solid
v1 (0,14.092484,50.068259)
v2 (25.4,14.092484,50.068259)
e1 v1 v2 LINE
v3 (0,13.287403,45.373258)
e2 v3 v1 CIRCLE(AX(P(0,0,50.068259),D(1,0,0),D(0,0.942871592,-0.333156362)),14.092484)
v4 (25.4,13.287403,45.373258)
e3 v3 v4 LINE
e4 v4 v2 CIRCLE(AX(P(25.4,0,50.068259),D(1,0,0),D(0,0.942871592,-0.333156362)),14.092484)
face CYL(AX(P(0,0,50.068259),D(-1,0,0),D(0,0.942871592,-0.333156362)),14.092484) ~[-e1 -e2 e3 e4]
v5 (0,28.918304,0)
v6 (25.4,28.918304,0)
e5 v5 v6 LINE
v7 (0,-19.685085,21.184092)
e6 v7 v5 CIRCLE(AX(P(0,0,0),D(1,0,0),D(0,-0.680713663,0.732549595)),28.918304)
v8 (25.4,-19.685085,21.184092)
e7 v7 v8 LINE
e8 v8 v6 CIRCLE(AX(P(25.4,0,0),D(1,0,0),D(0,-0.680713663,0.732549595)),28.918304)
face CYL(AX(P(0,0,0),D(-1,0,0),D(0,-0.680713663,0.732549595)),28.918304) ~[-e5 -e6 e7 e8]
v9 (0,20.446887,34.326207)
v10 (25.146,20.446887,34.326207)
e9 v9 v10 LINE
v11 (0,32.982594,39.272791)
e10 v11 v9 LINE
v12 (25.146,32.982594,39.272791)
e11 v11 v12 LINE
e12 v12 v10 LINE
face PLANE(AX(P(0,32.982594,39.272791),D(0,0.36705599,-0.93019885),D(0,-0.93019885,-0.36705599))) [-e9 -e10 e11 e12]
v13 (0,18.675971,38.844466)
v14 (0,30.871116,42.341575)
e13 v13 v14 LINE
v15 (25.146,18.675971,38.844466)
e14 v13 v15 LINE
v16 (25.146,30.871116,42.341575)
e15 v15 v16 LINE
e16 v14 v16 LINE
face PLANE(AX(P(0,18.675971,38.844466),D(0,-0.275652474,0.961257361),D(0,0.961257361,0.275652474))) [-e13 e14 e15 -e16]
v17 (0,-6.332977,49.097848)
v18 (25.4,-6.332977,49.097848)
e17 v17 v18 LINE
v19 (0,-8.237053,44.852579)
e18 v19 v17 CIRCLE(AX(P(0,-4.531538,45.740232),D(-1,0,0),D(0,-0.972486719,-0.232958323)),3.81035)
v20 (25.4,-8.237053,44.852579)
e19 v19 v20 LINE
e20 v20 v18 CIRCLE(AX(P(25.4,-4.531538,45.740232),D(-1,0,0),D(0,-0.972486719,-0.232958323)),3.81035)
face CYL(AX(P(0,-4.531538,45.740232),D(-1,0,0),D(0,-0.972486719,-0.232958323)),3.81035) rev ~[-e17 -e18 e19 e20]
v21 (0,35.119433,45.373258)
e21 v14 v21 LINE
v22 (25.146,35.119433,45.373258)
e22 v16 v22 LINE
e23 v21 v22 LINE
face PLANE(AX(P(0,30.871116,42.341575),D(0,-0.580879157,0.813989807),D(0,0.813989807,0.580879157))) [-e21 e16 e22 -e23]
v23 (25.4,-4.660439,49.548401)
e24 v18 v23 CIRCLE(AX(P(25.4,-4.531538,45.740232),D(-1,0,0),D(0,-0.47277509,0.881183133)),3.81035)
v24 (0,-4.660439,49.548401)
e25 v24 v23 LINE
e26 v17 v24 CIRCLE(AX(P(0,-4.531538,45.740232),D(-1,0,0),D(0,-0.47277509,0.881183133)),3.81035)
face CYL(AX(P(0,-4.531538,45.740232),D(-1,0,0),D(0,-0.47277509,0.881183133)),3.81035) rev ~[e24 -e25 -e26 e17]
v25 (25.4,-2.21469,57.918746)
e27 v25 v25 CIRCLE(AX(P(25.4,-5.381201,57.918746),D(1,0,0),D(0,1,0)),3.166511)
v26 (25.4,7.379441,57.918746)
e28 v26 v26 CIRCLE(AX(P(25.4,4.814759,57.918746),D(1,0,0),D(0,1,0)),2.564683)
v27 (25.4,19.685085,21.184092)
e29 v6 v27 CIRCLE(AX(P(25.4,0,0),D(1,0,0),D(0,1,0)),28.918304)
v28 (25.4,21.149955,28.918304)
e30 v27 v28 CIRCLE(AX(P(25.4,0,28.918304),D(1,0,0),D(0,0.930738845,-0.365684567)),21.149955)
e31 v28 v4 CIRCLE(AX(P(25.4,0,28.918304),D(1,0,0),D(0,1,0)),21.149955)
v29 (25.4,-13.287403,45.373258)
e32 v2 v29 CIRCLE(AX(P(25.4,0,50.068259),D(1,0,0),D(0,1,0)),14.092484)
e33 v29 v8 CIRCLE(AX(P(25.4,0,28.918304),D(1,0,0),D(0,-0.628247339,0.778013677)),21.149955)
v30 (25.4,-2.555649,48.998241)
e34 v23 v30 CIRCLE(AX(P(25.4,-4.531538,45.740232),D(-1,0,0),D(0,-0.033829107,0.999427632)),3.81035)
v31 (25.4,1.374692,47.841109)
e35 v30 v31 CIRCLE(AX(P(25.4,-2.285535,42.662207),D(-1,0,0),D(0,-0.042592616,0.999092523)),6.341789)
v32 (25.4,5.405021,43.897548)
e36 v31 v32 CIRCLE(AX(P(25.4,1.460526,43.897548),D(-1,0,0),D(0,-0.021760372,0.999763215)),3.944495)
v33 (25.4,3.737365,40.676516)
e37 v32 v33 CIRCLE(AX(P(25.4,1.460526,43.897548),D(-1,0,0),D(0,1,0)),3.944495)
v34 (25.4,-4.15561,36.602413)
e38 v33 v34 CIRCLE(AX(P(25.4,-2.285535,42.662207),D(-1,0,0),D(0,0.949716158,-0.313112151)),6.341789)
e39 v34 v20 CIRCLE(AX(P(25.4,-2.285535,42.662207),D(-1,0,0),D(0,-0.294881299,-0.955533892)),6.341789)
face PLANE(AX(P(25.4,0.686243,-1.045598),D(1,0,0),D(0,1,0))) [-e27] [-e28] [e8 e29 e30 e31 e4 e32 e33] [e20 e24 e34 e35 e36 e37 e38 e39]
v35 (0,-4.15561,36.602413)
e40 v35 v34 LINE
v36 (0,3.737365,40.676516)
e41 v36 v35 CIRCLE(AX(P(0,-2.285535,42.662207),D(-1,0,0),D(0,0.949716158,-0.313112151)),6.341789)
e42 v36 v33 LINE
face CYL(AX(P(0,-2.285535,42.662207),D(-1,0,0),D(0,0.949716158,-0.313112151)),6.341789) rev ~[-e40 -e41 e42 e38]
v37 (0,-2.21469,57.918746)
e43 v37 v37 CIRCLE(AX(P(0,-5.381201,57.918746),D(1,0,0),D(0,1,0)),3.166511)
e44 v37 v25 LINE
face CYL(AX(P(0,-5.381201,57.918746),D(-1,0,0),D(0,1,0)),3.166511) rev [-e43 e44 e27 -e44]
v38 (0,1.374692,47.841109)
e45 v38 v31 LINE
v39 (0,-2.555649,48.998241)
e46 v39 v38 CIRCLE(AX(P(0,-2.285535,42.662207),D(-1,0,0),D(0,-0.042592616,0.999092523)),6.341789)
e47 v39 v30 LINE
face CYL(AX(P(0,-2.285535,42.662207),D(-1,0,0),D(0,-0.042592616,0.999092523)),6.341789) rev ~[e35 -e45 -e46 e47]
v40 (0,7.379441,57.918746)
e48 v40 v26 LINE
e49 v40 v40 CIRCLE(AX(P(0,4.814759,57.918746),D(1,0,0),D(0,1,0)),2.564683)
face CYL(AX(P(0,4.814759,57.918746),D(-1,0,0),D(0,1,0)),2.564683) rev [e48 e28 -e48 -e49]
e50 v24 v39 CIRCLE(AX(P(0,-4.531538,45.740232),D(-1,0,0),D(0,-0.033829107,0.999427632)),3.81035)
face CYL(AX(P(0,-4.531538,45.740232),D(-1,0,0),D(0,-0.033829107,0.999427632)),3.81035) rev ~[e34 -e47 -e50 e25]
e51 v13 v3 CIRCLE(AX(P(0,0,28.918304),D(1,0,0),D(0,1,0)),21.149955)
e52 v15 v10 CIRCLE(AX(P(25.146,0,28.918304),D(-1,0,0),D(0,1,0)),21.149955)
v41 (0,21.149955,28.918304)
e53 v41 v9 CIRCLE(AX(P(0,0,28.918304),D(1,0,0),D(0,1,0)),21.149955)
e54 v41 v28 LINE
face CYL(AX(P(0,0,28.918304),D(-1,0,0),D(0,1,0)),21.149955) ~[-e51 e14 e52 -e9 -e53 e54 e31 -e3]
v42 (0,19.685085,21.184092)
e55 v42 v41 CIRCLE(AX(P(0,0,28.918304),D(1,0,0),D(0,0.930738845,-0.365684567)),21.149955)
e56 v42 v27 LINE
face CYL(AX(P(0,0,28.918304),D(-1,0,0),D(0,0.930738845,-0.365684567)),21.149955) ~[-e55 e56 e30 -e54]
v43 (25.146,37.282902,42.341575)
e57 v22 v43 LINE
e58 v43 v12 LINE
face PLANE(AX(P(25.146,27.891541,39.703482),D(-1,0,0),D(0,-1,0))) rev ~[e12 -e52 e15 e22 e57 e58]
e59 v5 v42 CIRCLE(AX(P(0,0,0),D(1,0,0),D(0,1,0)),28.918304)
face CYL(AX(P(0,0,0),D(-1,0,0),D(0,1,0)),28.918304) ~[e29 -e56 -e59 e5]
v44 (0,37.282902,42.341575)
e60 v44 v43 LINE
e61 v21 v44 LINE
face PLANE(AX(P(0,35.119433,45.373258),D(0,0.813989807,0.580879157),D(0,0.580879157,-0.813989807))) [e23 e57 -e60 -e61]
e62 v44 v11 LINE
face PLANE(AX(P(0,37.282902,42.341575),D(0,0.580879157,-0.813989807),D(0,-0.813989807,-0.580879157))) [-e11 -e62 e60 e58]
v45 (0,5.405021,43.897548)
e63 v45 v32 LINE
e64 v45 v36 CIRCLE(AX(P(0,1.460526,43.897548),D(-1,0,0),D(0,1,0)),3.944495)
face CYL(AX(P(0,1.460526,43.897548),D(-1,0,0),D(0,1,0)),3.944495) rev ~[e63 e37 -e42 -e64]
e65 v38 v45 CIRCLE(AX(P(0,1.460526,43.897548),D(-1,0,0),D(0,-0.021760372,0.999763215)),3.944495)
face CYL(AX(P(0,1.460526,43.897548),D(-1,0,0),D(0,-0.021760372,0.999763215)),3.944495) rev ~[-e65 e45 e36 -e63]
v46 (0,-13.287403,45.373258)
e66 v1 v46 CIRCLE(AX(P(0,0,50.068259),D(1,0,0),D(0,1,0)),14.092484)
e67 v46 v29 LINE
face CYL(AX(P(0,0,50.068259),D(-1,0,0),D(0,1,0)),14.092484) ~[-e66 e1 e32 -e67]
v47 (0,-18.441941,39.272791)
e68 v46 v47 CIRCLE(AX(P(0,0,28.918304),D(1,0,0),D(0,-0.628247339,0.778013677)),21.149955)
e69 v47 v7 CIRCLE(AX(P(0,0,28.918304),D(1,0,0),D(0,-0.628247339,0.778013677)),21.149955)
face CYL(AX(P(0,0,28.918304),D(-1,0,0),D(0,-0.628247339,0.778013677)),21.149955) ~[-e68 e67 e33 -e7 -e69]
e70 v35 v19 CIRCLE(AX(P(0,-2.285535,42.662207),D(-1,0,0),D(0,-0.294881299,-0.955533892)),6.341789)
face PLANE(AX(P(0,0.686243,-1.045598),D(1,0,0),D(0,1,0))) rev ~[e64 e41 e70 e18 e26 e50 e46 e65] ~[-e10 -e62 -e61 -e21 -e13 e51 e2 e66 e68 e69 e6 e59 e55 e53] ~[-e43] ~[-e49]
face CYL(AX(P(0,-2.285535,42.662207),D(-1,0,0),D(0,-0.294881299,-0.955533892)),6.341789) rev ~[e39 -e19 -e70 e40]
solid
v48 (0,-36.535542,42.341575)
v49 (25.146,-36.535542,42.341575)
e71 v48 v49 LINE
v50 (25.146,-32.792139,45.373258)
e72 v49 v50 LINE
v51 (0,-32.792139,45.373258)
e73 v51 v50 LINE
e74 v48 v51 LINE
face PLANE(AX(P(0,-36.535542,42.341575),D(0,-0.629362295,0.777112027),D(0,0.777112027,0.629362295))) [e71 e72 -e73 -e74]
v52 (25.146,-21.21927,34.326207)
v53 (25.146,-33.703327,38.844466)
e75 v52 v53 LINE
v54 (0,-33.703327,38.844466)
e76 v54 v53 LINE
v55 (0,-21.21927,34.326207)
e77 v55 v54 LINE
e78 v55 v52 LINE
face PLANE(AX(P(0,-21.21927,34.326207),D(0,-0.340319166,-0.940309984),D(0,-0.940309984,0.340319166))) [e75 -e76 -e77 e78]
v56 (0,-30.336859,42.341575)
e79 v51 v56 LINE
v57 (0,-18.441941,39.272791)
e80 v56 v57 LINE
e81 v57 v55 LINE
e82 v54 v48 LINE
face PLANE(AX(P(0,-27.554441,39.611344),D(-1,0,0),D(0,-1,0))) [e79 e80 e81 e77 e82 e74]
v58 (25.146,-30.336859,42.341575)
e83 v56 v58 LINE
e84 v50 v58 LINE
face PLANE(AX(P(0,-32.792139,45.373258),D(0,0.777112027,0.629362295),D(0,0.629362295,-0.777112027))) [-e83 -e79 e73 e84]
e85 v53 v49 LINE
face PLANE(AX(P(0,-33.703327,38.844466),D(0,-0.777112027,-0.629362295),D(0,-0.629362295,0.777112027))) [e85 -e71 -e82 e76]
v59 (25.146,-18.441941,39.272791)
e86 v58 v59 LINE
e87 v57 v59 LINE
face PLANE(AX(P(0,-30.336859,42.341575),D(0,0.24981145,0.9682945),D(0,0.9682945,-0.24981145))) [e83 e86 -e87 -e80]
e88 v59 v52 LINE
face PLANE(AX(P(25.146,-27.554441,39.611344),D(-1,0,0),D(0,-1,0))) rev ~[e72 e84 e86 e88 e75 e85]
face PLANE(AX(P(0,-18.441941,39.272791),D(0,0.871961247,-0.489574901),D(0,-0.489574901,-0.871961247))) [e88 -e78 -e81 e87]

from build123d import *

# Parameters (mm, degrees)
F0_R     = 3.1665111132
F0_R_2   = 2.5646825243
F1_DEPTH = 25.4
F3_DEPTH = 25.146


with BuildPart() as f1:
    # F0 (on Right) → F1 (new body)
    with BuildSketch(Plane.YZ):
        with BuildLine():
            ThreePointArc((-19.6850845287, 21.1840917395), (-11.55441562, -26.5096921033), (28.9183038184, 0))
            ThreePointArc((28.9183038184, 0), (26.5096921033, 11.55441562), (19.6850845287, 21.1840917395))
            ThreePointArc((19.6850845287, 21.1840917395), (0, 7.7683489867), (-19.6850845287, 21.1840917395))
        make_face()
        with BuildLine():
            ThreePointArc((-19.6850845287, 21.1840917395), (0, 7.7683489867), (19.6850845287, 21.1840917395))
            ThreePointArc((19.6850845287, 21.1840917395), (0, 28.9183038184), (-19.6850845287, 21.1840917395))
        make_face()
        with BuildLine():
            ThreePointArc((-19.6850845287, 21.1840917395), (0, 28.9183038184), (19.6850845287, 21.1840917395))
            ThreePointArc((19.6850845287, 21.1840917395), (20.7805105571, 24.9824468124), (21.1499548317, 28.9183038184))
            ThreePointArc((21.1499548317, 28.9183038184), (19.0833508493, 38.0367636525), (13.2874028397, 45.3732579405))
            ThreePointArc((13.2874028397, 45.3732579405), (6.3308246952, 37.477835124), (-4.1556101771, 36.6024125963))
            ThreePointArc((-4.1556101771, 36.6024125963), (-9.7619981453, 39.9045241938), (-13.2874028397, 45.3732579405))
            ThreePointArc((-13.2874028397, 45.3732579405), (-20.4468865892, 34.3262071269), (-19.6850845287, 21.1840917395))
        make_face()
        with BuildLine():
            ThreePointArc((14.0924840212, 50.0682586501), (-2.3817633894, 63.9580141932), (-13.2874028397, 45.3732579405))
            ThreePointArc((-13.2874028397, 45.3732579405), (-9.9853875554, 47.5626762871), (-6.3329765805, 49.0978478424))
            ThreePointArc((-6.3329765805, 49.0978478424), (-5.5226495282, 49.4194252235), (-4.6604388469, 49.5484007435))
            ThreePointArc((-4.6604388469, 49.5484007435), (4.7920852757, 49.5182190632), (13.2874028397, 45.3732579405))
            ThreePointArc((13.2874028397, 45.3732579405), (13.889755543, 47.6864952607), (14.0924840212, 50.0682586501))
        make_face()
        with Locations((-5.3812013939, 57.9187460244)):
            Circle(F0_R, mode=Mode.SUBTRACT)
        with Locations((4.8147588968, 57.9187460244)):
            Circle(F0_R_2, mode=Mode.SUBTRACT)
        with BuildLine():
            ThreePointArc((-6.3329765805, 49.0978478424), (-9.9853875554, 47.5626762871), (-13.2874028397, 45.3732579405))
            ThreePointArc((-13.2874028397, 45.3732579405), (-9.7619981453, 39.9045241938), (-4.1556101771, 36.6024125963))
            ThreePointArc((-4.1556101771, 36.6024125963), (-7.9697800087, 39.8501525792), (-8.2370526856, 44.852579172))
            ThreePointArc((-8.2370526856, 44.852579172), (-8.0082045434, 47.2995766359), (-6.3329765805, 49.0978478424))
        make_face()
        with BuildLine():
            ThreePointArc((-4.1556101771, 36.6024125963), (6.3308246952, 37.477835124), (13.2874028397, 45.3732579405))
            ThreePointArc((13.2874028397, 45.3732579405), (4.7920852757, 49.5182190632), (-4.6604388469, 49.5484007435))
            ThreePointArc((-4.6604388469, 49.5484007435), (-3.5679454643, 49.4267281433), (-2.5556485234, 48.9982413685))
            ThreePointArc((-2.5556485234, 48.9982413685), (-0.4944580183, 48.7458190411), (1.3746923888, 47.8411090956))
            ThreePointArc((1.3746923888, 47.8411090956), (4.2191915964, 46.7169107007), (5.4050211589, 43.8975480029))
            ThreePointArc((5.4050211589, 43.8975480029), (4.9633834642, 42.0839792606), (3.7373645853, 40.6765158881))
            ThreePointArc((3.7373645853, 40.6765158881), (0.6232563011, 37.0268524022), (-4.1556101771, 36.6024125963))
        make_face()
    extrude(amount=F1_DEPTH)

    # F2 (on face) → F3 (join)
    with BuildSketch(Plane(origin=(0, 0, 0), x_dir=(0, -1, 0), z_dir=(-1, 0, 0))):
        Polygon((-20.4468865892, 34.3262071269), (-18.6759710207, 38.8444660082), (-30.8711156249, 42.3415750265), (-35.119432956, 45.3732579405), (-37.2829015894, 42.3415750265), (-32.9825940223, 39.2727908562), align=None)
        Polygon((30.3368594841, 42.3415750265), (18.4419409924, 39.2727908562), (21.2192699692, 34.3262071269), (33.703327179, 38.8444660082), (36.5355424583, 42.3415750265), (32.7921385807, 45.3732579405), align=None)
    extrude(amount=-F3_DEPTH)


solid = f1.part
